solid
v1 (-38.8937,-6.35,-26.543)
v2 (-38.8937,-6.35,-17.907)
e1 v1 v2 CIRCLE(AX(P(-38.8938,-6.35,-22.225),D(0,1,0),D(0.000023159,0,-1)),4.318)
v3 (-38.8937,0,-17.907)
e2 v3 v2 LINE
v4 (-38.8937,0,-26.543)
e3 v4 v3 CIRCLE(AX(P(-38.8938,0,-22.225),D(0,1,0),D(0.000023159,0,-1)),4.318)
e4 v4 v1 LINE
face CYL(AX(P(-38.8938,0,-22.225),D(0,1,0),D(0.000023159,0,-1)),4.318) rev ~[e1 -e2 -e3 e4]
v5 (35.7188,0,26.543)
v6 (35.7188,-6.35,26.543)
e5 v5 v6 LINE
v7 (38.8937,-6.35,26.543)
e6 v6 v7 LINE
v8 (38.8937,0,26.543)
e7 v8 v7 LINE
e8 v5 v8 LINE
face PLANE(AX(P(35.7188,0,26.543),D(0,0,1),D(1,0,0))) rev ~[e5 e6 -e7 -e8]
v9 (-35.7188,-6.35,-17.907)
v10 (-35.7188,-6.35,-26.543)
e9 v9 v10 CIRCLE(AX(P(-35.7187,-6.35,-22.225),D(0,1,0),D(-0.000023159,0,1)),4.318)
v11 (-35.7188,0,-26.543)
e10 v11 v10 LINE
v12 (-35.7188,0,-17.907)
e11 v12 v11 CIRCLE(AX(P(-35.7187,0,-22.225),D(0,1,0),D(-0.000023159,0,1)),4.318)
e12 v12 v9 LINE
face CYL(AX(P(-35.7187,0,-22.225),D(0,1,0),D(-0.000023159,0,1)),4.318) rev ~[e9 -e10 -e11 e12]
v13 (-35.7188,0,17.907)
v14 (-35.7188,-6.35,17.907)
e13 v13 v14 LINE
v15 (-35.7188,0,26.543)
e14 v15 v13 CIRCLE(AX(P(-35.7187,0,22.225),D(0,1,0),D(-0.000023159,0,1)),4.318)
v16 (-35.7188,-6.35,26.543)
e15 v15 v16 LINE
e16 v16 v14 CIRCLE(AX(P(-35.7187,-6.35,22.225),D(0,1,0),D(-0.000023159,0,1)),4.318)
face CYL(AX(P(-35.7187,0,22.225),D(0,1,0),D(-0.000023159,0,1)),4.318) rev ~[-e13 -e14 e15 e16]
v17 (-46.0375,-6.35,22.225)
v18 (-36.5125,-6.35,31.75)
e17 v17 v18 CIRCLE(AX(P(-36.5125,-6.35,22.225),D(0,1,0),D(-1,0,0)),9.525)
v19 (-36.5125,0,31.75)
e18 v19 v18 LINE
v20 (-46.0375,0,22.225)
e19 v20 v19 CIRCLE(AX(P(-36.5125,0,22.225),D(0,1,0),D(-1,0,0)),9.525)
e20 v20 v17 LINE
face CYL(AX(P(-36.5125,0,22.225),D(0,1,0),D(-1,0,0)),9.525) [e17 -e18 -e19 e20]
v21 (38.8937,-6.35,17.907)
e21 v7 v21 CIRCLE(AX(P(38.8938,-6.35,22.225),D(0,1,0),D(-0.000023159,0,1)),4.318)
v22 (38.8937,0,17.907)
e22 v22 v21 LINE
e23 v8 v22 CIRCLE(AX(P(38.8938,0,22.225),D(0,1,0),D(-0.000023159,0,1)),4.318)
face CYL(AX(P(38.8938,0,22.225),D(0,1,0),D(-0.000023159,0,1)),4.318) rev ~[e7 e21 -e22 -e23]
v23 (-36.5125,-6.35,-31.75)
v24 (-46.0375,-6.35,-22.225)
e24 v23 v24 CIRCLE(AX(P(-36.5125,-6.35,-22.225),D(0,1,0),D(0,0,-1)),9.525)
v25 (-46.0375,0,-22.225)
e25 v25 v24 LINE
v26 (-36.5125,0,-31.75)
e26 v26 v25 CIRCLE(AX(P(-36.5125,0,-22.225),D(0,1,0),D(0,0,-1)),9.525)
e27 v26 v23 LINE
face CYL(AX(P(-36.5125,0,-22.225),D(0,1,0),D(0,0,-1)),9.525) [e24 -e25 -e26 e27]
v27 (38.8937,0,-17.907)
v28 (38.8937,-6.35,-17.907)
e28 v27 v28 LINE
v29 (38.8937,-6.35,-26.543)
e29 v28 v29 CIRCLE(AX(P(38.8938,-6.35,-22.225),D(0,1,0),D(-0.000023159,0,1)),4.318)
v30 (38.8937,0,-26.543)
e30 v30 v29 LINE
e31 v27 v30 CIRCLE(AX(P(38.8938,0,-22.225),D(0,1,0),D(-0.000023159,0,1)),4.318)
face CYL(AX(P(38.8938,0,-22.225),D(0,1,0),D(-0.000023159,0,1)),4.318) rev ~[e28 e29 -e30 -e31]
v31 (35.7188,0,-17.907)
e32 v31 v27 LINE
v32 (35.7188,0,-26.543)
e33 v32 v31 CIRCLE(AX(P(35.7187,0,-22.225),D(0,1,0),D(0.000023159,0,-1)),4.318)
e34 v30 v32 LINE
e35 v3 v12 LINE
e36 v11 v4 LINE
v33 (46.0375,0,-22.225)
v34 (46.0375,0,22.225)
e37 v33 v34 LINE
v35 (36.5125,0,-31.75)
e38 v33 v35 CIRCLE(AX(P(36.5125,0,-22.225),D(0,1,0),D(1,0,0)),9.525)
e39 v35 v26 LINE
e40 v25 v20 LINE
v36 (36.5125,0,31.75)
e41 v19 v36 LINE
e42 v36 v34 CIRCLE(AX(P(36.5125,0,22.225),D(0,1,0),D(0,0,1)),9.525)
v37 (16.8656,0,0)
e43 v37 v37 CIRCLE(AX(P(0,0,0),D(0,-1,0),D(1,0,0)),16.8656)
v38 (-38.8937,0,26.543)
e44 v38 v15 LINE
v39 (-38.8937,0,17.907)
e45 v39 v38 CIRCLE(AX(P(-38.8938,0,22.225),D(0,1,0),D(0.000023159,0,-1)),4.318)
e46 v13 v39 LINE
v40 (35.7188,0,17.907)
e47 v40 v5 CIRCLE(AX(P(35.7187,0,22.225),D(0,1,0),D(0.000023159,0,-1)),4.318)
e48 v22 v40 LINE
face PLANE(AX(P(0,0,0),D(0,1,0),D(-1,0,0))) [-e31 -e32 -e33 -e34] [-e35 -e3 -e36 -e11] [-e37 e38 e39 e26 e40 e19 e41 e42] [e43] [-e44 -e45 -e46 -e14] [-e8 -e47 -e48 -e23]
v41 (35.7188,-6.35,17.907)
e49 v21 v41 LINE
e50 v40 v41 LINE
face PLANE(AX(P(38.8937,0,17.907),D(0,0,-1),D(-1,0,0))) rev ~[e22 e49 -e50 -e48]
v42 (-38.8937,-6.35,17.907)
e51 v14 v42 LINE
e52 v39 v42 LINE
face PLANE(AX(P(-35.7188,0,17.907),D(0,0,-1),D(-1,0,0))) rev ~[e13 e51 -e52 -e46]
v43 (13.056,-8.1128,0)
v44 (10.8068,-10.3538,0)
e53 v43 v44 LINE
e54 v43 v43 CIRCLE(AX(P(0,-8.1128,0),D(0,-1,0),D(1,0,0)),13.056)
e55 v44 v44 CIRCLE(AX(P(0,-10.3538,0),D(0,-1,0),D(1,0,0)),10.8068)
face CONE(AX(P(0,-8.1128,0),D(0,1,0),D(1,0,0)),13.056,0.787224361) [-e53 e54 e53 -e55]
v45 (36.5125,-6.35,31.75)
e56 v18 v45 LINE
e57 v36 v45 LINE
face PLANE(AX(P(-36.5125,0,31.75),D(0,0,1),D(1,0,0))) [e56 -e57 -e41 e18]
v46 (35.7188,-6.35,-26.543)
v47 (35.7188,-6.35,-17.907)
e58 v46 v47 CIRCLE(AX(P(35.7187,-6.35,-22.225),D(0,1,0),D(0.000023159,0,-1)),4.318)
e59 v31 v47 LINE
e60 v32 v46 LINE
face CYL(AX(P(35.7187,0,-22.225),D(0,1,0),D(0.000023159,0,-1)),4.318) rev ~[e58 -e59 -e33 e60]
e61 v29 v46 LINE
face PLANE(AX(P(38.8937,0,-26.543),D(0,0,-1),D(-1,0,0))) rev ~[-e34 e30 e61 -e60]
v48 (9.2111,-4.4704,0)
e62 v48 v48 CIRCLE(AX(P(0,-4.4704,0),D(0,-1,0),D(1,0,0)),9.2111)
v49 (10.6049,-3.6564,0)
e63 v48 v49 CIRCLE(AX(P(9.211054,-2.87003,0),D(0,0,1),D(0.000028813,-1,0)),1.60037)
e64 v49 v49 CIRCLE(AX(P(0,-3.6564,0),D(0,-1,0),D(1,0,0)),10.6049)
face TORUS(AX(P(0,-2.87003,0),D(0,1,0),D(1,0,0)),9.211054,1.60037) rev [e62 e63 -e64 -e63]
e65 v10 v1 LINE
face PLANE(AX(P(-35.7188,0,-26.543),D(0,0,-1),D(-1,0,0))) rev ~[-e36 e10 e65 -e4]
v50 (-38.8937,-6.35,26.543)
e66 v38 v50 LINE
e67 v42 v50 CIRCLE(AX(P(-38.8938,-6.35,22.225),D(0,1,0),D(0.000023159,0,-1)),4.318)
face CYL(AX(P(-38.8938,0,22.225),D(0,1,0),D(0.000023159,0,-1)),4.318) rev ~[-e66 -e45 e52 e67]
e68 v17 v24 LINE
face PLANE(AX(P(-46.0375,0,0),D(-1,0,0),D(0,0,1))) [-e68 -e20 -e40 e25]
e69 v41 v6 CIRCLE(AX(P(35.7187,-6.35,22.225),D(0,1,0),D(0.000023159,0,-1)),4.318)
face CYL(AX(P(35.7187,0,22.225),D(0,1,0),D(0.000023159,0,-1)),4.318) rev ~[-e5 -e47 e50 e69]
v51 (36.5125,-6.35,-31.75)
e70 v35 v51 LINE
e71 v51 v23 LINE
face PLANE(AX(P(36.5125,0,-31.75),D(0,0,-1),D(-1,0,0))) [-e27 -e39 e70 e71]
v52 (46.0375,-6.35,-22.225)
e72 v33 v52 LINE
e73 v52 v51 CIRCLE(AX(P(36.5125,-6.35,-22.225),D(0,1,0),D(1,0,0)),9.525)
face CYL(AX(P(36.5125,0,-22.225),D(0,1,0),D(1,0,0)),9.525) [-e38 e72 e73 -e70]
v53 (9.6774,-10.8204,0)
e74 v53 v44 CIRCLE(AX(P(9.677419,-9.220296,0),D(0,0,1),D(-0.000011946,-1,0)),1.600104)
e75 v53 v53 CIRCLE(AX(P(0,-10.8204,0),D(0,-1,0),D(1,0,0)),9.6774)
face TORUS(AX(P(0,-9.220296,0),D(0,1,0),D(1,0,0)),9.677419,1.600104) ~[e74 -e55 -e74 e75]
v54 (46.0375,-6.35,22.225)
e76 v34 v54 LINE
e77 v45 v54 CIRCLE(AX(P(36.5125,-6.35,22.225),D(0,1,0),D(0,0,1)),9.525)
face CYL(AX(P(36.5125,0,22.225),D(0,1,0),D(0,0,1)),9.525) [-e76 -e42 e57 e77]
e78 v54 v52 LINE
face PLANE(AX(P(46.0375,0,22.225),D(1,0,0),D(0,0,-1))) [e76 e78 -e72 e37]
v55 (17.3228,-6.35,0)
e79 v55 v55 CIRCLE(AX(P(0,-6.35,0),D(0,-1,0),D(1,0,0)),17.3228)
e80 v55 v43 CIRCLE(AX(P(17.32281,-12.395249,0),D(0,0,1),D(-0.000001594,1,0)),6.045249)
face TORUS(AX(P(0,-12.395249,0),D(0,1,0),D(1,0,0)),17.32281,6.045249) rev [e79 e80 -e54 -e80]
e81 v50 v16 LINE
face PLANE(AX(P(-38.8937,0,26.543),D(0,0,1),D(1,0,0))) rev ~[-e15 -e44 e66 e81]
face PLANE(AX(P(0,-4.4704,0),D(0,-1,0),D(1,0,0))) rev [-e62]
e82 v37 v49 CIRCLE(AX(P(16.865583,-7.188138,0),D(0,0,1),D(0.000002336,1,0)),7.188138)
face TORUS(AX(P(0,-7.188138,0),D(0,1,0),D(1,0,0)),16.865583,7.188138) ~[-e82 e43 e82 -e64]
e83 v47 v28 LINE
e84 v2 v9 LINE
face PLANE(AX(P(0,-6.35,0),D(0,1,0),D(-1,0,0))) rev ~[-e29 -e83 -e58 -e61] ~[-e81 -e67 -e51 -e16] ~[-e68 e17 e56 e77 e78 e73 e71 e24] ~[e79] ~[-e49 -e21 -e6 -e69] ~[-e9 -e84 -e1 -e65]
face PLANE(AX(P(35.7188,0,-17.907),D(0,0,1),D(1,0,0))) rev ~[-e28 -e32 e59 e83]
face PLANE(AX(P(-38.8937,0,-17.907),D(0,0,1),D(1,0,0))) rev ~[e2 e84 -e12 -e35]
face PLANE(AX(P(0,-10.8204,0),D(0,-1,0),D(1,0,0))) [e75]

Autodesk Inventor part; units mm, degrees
sketch "Sketch_1" plane through (0, 0, 0) normal (0, 0, 1) x (1, 0, 0)
  line L0 (0, -10.8204) -> (0, -4.4704)
  line L1 (0, -4.4704) -> (9.2111, -4.4704)
  arc A0 (9.2111, -4.4704) -> (10.6049, -3.6564) centre (9.2111, -2.8702) ccw
  arc A1 (16.8656, 0) -> (10.6049, -3.6564) centre (16.8656, -7.1882) ccw
  line L2 (16.8656, 0) -> (25.4, 0)
  line L3 (25.4, 0) -> (25.4, -6.35)
  line L4 (25.4, -6.35) -> (17.3228, -6.35)
  arc A2 (17.3228, -6.35) -> (13.056, -8.1128) centre (17.3228, -12.3952) ccw
  line L5 (13.056, -8.1128) -> (10.8068, -10.3538)
  arc A3 (9.6774, -10.8204) -> (10.8068, -10.3538) centre (9.6774, -9.2202) ccw
  line L6 (9.6774, -10.8204) -> (0, -10.8204)
  line L7 (0, -10.8204) -> (0, -4.4704)
revolve "Revolution1" add sketch "Sketch_1" angle 360 about axis through (0, -10.8204, 0) along (0, -1, 0)
sketch "Sketch_2" plane through (0, 0, 0) normal (0, 1, 0) x (-1, 0, 0)
  line L0 (46.0375, 0) -> (25.4, 0)
  arc A0 (-25.4, 0) -> (25.4, 0) centre (0, 0) ccw
  line L1 (-25.4, 0) -> (-46.0375, 0)
  line L2 (-46.0375, 0) -> (-46.0375, -22.225)
  arc A1 (-46.0375, -22.225) -> (-36.5125, -31.75) centre (-36.5125, -22.225) ccw
  line L3 (-36.5125, -31.75) -> (36.5125, -31.75)
  arc A2 (36.5125, -31.75) -> (46.0375, -22.225) centre (36.5125, -22.225) ccw
  line L4 (46.0375, -22.225) -> (46.0375, 0)
  arc A3 (-35.7188, -26.543) -> (-35.7188, -17.907) centre (-35.7187, -22.225) ccw
  line L5 (-35.7188, -17.907) -> (-38.8937, -17.907)
  arc A4 (-38.8937, -17.907) -> (-38.8937, -26.543) centre (-38.8938, -22.225) ccw
  line L6 (-38.8937, -26.543) -> (-35.7188, -26.543)
  arc A5 (38.8937, -26.543) -> (38.8937, -17.907) centre (38.8938, -22.225) ccw
  line L7 (38.8937, -17.907) -> (35.7188, -17.907)
  arc A6 (35.7188, -17.907) -> (35.7188, -26.543) centre (35.7187, -22.225) ccw
  line L8 (35.7188, -26.543) -> (38.8937, -26.543)
extrude "Extrusion1" add sketch "Sketch_2" against normal blind 6.35
sketch "Sketch_3" plane through (0, 0, 0) normal (0, 1, 0) x (-1, 0, 0)
  line L0 (46.0375, 0) -> (46.0375, 22.225)
  arc A0 (46.0375, 22.225) -> (36.5125, 31.75) centre (36.5125, 22.225) ccw
  line L1 (36.5125, 31.75) -> (-36.5125, 31.75)
  arc A1 (-36.5125, 31.75) -> (-46.0375, 22.225) centre (-36.5125, 22.225) ccw
  line L2 (-46.0375, 22.225) -> (-46.0375, 0)
  line L3 (-46.0375, 0) -> (-25.4, 0)
  arc A2 (25.4, 0) -> (-25.4, 0) centre (0, 0) ccw
  line L4 (25.4, 0) -> (46.0375, 0)
  arc A3 (-35.7188, 17.907) -> (-35.7188, 26.543) centre (-35.7187, 22.225) ccw
  line L5 (-35.7188, 26.543) -> (-38.8937, 26.543)
  arc A4 (-38.8937, 26.543) -> (-38.8937, 17.907) centre (-38.8938, 22.225) ccw
  line L6 (-38.8937, 17.907) -> (-35.7188, 17.907)
  arc A5 (38.8937, 17.907) -> (38.8937, 26.543) centre (38.8938, 22.225) ccw
  line L7 (38.8937, 26.543) -> (35.7188, 26.543)
  arc A6 (35.7188, 26.543) -> (35.7188, 17.907) centre (35.7187, 22.225) ccw
  line L8 (35.7188, 17.907) -> (38.8937, 17.907)
extrude "Extrusion2" add sketch "Sketch_3" against normal blind 6.35
ref_plane "to_rivet_XY" through (0, -4.4704, 0) normal (0, 1, 0) x (1, 0, 0)
ref_plane "to_rivet_YZ" through (0, -4.4704, 0) normal (1, 0, 0) x (0, 0, -1)
ref_plane "to_rivet_ZX" through (0, -4.4704, 0) normal (0, 0, -1) x (0, 1, 0)
ref_plane "to_upper_race_XY" through (0, -6.35, 0) normal (0, 1, 0) x (1, 0, 0)
ref_plane "to_upper_race_YZ" through (0, -6.35, 0) normal (1, 0, 0) x (0, 0, -1)
ref_plane "to_upper_race_ZX" through (0, -6.35, 0) normal (0, 0, -1) x (0, 1, 0)
ref_plane "top_plate_XY" through (0, 0, 0) normal (0, -1, 0) x (1, 0, 0)
ref_plane "top_plate_YZ" through (0, 0, 0) normal (1, 0, 0) x (0, 0, 1)
ref_plane "top_plate_ZX" through (0, 0, 0) normal (0, 0, 1) x (0, -1, 0)
properties part number "2SS-TP"
